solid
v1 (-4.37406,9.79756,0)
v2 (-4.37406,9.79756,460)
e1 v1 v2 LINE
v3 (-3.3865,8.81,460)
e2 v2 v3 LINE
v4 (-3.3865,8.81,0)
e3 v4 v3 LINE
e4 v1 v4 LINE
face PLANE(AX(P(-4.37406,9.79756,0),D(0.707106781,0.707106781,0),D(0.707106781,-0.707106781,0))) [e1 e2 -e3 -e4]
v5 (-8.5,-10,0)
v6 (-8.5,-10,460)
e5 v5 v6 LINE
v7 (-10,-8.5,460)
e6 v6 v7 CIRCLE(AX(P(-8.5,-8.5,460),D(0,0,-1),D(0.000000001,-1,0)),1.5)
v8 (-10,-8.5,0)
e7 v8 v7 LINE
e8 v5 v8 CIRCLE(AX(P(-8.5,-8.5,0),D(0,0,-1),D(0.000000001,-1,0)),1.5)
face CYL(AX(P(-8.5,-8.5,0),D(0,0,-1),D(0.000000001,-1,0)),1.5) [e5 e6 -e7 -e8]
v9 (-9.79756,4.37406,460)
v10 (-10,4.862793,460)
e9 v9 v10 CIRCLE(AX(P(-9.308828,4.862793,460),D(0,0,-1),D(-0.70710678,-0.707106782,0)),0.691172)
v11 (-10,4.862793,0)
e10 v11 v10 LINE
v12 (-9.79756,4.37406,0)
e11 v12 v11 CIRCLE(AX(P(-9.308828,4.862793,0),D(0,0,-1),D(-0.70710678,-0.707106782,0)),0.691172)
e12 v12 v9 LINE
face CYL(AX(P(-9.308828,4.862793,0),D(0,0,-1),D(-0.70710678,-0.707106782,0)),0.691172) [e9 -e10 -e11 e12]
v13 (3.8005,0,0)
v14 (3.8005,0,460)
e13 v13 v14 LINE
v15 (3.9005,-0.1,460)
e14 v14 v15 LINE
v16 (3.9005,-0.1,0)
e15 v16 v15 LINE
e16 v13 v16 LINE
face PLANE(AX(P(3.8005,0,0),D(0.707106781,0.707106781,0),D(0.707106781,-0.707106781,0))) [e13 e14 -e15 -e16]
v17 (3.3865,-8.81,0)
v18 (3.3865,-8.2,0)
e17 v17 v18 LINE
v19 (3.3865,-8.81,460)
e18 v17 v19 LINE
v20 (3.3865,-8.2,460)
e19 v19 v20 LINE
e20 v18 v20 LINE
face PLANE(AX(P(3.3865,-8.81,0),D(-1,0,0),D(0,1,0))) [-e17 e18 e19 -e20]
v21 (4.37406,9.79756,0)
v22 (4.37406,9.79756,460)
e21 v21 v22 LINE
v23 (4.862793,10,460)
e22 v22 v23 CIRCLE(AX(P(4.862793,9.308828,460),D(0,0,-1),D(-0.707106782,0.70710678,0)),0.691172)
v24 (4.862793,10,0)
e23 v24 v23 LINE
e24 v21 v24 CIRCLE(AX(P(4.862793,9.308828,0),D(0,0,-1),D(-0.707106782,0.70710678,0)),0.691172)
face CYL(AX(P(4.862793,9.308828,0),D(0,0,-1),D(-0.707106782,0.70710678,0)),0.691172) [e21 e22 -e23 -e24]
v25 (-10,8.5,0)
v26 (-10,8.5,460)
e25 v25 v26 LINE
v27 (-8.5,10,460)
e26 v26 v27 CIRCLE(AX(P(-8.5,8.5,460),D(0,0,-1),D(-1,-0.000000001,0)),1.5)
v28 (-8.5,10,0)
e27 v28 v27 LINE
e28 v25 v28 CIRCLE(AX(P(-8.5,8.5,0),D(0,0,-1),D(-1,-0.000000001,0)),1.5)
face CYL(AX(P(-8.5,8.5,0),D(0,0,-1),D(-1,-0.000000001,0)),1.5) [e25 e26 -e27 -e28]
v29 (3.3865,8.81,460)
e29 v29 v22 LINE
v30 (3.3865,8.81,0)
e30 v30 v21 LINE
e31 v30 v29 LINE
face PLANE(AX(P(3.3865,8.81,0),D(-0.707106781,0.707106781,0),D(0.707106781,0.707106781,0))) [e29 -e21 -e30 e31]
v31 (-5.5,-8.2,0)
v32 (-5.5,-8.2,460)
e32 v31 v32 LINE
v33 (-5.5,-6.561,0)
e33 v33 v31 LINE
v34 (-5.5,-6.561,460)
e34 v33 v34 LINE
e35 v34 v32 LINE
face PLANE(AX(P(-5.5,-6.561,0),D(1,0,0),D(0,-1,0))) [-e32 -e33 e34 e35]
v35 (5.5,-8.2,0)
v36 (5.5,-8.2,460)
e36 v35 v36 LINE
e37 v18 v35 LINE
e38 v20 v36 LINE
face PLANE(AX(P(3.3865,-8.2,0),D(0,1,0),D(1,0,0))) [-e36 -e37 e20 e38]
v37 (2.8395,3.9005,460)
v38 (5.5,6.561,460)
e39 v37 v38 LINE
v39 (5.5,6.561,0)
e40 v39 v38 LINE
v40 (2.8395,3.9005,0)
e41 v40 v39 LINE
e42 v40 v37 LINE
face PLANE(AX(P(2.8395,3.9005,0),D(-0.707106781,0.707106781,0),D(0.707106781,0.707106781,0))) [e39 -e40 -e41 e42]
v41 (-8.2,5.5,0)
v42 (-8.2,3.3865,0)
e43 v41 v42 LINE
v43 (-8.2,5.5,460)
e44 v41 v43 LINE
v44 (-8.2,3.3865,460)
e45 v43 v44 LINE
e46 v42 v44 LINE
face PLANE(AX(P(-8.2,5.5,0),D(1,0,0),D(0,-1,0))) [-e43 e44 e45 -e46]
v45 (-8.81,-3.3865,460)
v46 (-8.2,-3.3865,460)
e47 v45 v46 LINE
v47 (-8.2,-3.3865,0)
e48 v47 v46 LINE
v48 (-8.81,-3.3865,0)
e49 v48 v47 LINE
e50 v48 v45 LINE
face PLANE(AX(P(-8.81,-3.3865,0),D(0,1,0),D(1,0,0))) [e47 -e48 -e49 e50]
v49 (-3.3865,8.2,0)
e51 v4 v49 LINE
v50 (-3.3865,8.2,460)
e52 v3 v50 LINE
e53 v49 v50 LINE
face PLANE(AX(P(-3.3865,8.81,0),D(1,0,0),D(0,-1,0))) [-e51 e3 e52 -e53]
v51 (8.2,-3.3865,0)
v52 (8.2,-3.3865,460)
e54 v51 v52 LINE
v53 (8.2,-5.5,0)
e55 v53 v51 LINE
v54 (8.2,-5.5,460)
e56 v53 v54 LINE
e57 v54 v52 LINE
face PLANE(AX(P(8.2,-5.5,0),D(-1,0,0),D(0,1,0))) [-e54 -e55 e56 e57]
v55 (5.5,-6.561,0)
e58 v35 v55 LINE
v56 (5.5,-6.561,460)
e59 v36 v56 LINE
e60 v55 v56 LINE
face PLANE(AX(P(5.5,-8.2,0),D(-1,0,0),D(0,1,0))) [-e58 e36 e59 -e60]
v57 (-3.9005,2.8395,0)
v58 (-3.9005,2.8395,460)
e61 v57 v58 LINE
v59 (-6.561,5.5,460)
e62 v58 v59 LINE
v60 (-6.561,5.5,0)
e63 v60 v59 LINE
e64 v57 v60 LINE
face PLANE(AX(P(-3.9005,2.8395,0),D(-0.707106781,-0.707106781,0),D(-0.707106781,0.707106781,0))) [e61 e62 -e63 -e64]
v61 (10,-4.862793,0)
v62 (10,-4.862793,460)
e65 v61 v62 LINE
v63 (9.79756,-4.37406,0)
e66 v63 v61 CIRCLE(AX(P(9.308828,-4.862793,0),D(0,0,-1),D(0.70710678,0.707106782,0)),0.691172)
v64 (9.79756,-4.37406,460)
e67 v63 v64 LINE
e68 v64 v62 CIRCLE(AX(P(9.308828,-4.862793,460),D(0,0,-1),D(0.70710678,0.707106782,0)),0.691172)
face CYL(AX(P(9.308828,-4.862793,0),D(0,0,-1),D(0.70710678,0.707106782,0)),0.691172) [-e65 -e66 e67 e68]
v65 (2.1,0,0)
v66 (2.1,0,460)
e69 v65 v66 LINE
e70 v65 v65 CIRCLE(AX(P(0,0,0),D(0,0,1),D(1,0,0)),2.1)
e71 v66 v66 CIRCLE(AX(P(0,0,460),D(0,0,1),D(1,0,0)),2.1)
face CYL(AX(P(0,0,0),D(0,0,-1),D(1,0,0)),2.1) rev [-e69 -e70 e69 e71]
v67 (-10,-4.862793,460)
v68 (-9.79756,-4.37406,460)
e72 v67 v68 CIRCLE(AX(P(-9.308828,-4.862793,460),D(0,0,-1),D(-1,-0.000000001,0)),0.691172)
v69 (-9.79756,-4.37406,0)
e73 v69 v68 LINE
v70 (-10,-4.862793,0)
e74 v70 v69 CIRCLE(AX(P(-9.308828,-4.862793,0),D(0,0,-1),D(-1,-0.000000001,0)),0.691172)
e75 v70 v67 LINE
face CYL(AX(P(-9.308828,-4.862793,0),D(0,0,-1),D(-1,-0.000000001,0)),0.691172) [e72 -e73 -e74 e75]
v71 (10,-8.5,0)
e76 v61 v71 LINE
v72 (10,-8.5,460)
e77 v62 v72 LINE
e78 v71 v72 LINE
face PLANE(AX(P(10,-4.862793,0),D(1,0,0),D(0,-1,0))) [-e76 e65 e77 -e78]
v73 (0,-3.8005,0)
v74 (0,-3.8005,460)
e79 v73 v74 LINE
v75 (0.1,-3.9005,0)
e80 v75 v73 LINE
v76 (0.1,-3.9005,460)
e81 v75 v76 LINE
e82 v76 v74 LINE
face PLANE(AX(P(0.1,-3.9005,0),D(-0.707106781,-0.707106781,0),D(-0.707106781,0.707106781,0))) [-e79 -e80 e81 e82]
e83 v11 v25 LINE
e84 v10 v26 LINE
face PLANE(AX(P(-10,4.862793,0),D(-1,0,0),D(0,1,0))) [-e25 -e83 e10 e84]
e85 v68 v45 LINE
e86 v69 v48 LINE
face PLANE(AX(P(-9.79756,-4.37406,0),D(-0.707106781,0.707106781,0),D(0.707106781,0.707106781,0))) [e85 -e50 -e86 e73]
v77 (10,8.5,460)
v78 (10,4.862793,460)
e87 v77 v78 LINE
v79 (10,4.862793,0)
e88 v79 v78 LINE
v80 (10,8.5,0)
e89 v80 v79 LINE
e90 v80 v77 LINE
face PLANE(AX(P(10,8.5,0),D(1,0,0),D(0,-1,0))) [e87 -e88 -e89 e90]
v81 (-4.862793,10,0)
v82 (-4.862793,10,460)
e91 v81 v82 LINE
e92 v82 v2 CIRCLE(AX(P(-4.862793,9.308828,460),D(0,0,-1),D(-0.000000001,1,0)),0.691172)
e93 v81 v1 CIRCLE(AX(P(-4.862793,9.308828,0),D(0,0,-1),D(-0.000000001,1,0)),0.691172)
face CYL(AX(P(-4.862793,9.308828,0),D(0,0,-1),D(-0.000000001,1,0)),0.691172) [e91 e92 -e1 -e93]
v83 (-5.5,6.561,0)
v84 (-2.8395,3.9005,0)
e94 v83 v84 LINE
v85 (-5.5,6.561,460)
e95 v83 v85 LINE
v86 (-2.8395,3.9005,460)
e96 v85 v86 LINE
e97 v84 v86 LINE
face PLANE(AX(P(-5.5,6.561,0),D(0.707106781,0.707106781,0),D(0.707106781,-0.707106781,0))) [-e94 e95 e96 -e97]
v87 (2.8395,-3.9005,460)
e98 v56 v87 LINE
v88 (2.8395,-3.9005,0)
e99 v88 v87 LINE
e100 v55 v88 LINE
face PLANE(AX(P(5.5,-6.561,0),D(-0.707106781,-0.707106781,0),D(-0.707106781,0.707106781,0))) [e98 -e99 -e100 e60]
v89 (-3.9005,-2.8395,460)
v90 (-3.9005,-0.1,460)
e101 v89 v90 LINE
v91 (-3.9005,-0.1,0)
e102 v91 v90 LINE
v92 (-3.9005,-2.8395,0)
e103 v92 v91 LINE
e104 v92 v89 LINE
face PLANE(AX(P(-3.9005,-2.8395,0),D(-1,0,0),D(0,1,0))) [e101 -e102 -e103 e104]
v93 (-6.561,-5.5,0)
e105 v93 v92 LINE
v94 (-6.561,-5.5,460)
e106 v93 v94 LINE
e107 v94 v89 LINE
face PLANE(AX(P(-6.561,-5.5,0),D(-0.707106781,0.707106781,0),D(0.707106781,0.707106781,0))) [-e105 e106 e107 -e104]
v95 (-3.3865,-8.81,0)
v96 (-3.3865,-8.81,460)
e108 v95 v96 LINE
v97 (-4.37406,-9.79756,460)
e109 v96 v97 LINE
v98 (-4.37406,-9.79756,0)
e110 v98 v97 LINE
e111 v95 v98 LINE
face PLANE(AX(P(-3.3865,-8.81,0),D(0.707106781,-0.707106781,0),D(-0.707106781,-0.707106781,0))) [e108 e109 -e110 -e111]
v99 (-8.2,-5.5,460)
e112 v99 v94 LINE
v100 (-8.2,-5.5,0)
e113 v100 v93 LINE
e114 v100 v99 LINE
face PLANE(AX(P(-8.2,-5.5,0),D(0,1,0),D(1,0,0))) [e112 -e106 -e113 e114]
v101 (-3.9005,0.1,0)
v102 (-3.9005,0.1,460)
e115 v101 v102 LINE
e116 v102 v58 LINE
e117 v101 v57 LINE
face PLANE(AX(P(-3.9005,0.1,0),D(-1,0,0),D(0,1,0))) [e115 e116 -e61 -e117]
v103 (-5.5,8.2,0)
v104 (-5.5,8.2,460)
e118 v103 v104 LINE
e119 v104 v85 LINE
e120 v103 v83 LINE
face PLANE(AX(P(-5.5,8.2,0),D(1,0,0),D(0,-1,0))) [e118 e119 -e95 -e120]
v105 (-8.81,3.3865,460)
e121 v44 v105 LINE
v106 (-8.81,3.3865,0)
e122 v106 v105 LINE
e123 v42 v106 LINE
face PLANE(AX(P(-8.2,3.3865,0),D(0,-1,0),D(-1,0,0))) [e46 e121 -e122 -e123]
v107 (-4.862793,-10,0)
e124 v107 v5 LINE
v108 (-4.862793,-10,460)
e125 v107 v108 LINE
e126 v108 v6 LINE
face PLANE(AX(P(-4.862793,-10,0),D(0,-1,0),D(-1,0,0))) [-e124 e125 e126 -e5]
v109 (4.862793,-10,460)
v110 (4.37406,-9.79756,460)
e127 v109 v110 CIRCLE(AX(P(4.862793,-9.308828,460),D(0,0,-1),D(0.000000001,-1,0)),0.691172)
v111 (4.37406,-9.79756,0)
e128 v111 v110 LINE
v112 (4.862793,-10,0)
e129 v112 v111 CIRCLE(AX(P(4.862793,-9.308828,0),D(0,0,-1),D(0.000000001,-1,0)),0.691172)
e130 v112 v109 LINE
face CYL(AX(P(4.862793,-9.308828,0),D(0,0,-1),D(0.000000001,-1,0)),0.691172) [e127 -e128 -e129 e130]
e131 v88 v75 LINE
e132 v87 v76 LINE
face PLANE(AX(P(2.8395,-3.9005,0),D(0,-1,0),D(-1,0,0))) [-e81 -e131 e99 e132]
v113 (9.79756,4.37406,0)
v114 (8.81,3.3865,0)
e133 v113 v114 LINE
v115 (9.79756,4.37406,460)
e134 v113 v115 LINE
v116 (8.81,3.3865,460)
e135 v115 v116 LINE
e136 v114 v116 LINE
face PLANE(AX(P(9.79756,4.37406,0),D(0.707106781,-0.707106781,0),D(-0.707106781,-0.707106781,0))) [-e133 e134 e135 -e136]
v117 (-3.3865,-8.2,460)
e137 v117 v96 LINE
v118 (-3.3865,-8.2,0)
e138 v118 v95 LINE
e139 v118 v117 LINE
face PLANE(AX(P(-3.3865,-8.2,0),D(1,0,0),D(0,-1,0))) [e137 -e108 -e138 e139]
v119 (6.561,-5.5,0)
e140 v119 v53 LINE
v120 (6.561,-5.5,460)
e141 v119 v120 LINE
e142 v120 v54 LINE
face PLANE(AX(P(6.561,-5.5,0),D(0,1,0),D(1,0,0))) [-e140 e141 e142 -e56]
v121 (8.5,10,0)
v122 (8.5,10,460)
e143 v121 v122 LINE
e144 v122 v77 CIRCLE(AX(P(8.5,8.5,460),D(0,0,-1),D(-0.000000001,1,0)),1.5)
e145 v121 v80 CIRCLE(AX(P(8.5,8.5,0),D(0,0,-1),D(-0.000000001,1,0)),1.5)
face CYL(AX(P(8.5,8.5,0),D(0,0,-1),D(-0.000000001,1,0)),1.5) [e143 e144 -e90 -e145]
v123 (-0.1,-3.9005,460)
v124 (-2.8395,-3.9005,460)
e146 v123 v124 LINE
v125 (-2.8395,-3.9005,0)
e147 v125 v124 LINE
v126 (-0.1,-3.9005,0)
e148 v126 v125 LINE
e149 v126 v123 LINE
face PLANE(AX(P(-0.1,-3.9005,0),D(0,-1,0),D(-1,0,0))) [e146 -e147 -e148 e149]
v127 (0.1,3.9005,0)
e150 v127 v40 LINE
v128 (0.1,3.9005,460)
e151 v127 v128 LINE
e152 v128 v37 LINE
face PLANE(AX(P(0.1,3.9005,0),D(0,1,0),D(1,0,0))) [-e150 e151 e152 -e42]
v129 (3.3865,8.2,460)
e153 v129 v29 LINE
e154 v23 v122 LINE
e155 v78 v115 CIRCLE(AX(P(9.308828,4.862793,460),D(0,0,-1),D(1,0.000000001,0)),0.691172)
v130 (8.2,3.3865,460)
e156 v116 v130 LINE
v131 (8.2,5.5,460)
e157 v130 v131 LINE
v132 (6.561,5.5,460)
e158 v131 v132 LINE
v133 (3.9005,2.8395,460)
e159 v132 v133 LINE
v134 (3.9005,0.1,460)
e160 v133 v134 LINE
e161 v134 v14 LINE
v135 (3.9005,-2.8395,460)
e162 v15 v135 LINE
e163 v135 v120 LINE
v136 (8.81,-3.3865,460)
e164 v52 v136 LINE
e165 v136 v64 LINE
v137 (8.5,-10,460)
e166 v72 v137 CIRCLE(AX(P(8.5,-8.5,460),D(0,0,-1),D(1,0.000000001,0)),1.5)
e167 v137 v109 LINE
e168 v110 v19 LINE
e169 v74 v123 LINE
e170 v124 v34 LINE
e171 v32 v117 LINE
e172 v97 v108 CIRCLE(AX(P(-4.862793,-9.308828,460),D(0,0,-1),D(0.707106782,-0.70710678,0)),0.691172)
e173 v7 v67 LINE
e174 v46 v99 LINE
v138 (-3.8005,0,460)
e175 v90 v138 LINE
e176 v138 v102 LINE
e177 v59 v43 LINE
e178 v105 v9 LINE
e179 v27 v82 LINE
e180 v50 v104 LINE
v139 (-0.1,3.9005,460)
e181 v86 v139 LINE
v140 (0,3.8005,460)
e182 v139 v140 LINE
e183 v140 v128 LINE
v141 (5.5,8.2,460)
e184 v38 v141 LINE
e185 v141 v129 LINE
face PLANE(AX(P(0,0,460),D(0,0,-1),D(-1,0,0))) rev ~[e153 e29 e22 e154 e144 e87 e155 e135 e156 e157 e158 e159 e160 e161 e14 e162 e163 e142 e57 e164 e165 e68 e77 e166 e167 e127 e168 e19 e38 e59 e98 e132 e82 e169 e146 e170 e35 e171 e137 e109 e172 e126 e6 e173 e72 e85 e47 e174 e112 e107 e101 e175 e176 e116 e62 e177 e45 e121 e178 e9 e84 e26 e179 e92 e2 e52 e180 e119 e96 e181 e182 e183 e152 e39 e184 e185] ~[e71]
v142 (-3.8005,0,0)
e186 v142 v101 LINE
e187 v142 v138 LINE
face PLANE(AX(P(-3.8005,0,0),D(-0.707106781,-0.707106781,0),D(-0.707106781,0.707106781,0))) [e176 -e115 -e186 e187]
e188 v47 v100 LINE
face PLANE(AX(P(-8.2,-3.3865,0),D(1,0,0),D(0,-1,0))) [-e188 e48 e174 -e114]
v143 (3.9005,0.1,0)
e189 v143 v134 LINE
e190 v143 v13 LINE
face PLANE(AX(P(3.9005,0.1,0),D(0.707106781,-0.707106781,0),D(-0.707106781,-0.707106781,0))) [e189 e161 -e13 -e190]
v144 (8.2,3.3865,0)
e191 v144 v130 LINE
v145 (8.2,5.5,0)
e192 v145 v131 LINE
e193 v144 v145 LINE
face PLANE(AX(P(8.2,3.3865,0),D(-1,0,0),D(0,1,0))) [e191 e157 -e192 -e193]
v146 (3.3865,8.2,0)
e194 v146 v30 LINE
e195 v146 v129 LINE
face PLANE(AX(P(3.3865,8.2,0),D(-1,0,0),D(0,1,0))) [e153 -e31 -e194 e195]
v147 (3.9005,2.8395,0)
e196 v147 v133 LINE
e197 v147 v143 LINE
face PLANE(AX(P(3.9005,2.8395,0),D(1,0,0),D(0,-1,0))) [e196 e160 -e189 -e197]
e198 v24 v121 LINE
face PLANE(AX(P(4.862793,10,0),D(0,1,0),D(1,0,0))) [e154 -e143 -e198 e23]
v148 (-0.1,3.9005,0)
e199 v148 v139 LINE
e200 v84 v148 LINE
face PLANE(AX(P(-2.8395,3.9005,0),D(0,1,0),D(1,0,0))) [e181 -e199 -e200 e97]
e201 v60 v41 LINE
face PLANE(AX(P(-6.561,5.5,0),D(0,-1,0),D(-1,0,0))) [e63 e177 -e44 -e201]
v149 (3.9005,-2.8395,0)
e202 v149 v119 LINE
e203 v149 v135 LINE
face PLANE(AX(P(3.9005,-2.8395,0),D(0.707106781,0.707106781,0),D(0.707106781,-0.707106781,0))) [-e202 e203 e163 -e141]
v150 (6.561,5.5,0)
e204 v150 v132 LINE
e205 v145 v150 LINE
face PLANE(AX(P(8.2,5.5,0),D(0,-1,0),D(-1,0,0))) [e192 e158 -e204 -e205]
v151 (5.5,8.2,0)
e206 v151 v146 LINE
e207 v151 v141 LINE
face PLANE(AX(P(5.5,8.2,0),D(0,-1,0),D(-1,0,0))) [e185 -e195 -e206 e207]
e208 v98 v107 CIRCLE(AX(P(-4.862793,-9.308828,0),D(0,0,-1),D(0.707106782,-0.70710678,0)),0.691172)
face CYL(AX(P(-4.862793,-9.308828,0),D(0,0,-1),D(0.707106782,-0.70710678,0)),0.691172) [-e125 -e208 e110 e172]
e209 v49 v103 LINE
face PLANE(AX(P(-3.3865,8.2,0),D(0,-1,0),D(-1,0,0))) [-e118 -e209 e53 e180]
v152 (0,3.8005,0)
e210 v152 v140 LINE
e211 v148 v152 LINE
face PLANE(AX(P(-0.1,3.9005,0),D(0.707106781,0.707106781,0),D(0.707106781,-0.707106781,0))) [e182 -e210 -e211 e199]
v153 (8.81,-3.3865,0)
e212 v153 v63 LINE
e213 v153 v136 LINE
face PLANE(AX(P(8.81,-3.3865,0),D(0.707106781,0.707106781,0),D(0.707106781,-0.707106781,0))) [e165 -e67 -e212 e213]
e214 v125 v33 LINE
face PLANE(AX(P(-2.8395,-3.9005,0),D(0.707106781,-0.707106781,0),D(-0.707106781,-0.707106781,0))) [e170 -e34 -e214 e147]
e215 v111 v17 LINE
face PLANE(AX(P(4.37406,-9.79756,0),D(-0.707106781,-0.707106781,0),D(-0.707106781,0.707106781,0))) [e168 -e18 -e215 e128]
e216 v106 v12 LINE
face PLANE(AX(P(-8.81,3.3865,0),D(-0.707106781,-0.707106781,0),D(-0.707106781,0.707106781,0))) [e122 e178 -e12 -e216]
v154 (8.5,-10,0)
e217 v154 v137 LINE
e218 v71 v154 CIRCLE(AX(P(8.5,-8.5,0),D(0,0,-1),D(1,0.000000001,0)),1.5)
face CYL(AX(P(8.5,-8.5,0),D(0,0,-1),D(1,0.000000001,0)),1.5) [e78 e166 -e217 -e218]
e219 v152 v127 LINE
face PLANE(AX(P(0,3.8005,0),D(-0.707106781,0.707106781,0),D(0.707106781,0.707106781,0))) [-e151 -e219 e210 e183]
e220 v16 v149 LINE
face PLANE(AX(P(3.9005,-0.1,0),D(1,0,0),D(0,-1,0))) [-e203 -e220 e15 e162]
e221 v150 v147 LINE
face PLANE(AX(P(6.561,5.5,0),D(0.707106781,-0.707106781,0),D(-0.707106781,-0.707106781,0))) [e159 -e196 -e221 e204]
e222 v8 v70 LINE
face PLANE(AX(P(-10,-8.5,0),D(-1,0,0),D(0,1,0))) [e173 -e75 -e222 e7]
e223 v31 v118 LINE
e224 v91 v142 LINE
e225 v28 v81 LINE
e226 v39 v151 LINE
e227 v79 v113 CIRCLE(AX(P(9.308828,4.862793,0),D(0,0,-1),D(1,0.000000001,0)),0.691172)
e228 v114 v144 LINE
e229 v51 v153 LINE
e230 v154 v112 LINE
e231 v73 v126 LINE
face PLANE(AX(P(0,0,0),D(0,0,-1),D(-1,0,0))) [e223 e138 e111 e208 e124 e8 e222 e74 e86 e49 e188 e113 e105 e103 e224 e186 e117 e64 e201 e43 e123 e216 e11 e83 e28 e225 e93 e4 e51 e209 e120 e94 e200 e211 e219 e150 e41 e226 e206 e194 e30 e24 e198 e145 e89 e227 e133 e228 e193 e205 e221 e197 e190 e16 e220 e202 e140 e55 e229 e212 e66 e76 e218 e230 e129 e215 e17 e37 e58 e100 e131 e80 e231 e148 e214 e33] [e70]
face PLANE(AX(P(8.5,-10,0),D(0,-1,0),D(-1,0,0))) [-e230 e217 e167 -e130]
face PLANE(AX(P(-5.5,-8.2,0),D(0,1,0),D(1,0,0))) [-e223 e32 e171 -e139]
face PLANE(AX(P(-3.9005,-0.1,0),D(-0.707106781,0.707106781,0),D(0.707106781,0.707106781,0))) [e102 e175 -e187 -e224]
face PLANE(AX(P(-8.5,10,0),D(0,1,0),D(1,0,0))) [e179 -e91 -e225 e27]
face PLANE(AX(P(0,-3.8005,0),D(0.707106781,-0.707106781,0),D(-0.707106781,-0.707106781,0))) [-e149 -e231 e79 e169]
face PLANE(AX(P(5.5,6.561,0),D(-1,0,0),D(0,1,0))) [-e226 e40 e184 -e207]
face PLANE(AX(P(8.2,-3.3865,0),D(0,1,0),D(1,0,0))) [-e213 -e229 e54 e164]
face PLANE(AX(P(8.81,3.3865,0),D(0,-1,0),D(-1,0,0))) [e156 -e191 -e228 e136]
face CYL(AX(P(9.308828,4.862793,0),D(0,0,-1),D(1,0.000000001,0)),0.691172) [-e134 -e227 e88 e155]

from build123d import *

# Parameters (mm, degrees)
SKETCH1_R           = 2.1
BOSS_EXTRUDE1_DEPTH = 460


with BuildPart() as part:
    # Sketch1 → Boss-Extrude1 (new body)
    with BuildSketch(Plane.XY):
        with BuildLine():
            Line((-8.5, 10), (-4.862792737, 10))
            ThreePointArc((-4.862792737, 10), (-4.598292737, 9.947387679), (-4.374060464, 9.797560464))
            Line((-4.374060464, 9.797560464), (-3.3865, 8.81))
            Line((-3.3865, 8.81), (-3.3865, 8.2))
            Line((-3.3865, 8.2), (-5.5, 8.2))
            Line((-5.5, 8.2), (-5.5, 6.561))
            Line((-5.5, 6.561), (-2.8395, 3.9005))
            Line((-2.8395, 3.9005), (-0.1, 3.9005))
            Line((-0.1, 3.9005), (0, 3.8005))
            Line((0, 3.8005), (0.1, 3.9005))
            Line((0.1, 3.9005), (2.8395, 3.9005))
            Line((2.8395, 3.9005), (5.5, 6.561))
            Line((5.5, 6.561), (5.5, 8.2))
            Line((5.5, 8.2), (3.3865, 8.2))
            Line((3.3865, 8.2), (3.3865, 8.81))
            Line((3.3865, 8.81), (4.374060464, 9.797560464))
            ThreePointArc((4.374060464, 9.797560464), (4.598292737, 9.947387679), (4.862792737, 10))
            Line((4.862792737, 10), (8.5, 10))
            ThreePointArc((8.5, 10), (9.560660172, 9.560660172), (10, 8.5))
            Line((10, 8.5), (10, 4.862792737))
            ThreePointArc((10, 4.862792737), (9.947387679, 4.598292737), (9.797560464, 4.374060464))
            Line((9.797560464, 4.374060464), (8.81, 3.3865))
            Line((8.81, 3.3865), (8.2, 3.3865))
            Line((8.2, 3.3865), (8.2, 5.5))
            Line((8.2, 5.5), (6.561, 5.5))
            Line((6.561, 5.5), (3.9005, 2.8395))
            Line((3.9005, 2.8395), (3.9005, 0.1))
            Line((3.9005, 0.1), (3.8005, 0))
            Line((3.8005, 0), (3.9005, -0.1))
            Line((3.9005, -0.1), (3.9005, -2.8395))
            Line((3.9005, -2.8395), (6.561, -5.5))
            Line((6.561, -5.5), (8.2, -5.5))
            Line((8.2, -5.5), (8.2, -3.3865))
            Line((8.2, -3.3865), (8.81, -3.3865))
            Line((8.81, -3.3865), (9.797560464, -4.374060464))
            ThreePointArc((9.797560464, -4.374060464), (9.947387679, -4.598292737), (10, -4.862792737))
            Line((10, -4.862792737), (10, -8.5))
            ThreePointArc((10, -8.5), (9.560660172, -9.560660172), (8.5, -10))
            Line((8.5, -10), (4.862792737, -10))
            ThreePointArc((4.862792737, -10), (4.598292737, -9.947387679), (4.374060464, -9.797560464))
            Line((4.374060464, -9.797560464), (3.3865, -8.81))
            Line((3.3865, -8.81), (3.3865, -8.2))
            Line((3.3865, -8.2), (5.5, -8.2))
            Line((5.5, -8.2), (5.5, -6.561))
            Line((5.5, -6.561), (2.8395, -3.9005))
            Line((2.8395, -3.9005), (0.1, -3.9005))
            Line((0.1, -3.9005), (0, -3.8005))
            Line((0, -3.8005), (-0.1, -3.9005))
            Line((-0.1, -3.9005), (-2.8395, -3.9005))
            Line((-2.8395, -3.9005), (-5.5, -6.561))
            Line((-5.5, -6.561), (-5.5, -8.2))
            Line((-5.5, -8.2), (-3.3865, -8.2))
            Line((-3.3865, -8.2), (-3.3865, -8.81))
            Line((-3.3865, -8.81), (-4.374060464, -9.797560464))
            ThreePointArc((-4.374060464, -9.797560464), (-4.598292737, -9.947387679), (-4.862792737, -10))
            Line((-4.862792737, -10), (-8.5, -10))
            ThreePointArc((-8.5, -10), (-9.560660172, -9.560660172), (-10, -8.5))
            Line((-10, -8.5), (-10, -4.862792737))
            ThreePointArc((-10, -4.862792737), (-9.947387679, -4.598292737), (-9.797560464, -4.374060464))
            Line((-9.797560464, -4.374060464), (-8.81, -3.3865))
            Line((-8.81, -3.3865), (-8.2, -3.3865))
            Line((-8.2, -3.3865), (-8.2, -5.5))
            Line((-8.2, -5.5), (-6.561, -5.5))
            Line((-6.561, -5.5), (-3.9005, -2.8395))
            Line((-3.9005, -2.8395), (-3.9005, -0.1))
            Line((-3.9005, -0.1), (-3.8005, 0))
            Line((-3.8005, 0), (-3.9005, 0.1))
            Line((-3.9005, 0.1), (-3.9005, 2.8395))
            Line((-3.9005, 2.8395), (-6.561, 5.5))
            Line((-6.561, 5.5), (-8.2, 5.5))
            Line((-8.2, 5.5), (-8.2, 3.3865))
            Line((-8.2, 3.3865), (-8.81, 3.3865))
            Line((-8.81, 3.3865), (-9.797560464, 4.374060464))
            ThreePointArc((-9.797560464, 4.374060464), (-9.947387679, 4.598292737), (-10, 4.862792737))
            Line((-10, 4.862792737), (-10, 8.5))
            ThreePointArc((-10, 8.5), (-9.560660172, 9.560660172), (-8.5, 10))
        make_face()
        Circle(SKETCH1_R, mode=Mode.SUBTRACT)
    extrude(amount=BOSS_EXTRUDE1_DEPTH)


solid = part.part
